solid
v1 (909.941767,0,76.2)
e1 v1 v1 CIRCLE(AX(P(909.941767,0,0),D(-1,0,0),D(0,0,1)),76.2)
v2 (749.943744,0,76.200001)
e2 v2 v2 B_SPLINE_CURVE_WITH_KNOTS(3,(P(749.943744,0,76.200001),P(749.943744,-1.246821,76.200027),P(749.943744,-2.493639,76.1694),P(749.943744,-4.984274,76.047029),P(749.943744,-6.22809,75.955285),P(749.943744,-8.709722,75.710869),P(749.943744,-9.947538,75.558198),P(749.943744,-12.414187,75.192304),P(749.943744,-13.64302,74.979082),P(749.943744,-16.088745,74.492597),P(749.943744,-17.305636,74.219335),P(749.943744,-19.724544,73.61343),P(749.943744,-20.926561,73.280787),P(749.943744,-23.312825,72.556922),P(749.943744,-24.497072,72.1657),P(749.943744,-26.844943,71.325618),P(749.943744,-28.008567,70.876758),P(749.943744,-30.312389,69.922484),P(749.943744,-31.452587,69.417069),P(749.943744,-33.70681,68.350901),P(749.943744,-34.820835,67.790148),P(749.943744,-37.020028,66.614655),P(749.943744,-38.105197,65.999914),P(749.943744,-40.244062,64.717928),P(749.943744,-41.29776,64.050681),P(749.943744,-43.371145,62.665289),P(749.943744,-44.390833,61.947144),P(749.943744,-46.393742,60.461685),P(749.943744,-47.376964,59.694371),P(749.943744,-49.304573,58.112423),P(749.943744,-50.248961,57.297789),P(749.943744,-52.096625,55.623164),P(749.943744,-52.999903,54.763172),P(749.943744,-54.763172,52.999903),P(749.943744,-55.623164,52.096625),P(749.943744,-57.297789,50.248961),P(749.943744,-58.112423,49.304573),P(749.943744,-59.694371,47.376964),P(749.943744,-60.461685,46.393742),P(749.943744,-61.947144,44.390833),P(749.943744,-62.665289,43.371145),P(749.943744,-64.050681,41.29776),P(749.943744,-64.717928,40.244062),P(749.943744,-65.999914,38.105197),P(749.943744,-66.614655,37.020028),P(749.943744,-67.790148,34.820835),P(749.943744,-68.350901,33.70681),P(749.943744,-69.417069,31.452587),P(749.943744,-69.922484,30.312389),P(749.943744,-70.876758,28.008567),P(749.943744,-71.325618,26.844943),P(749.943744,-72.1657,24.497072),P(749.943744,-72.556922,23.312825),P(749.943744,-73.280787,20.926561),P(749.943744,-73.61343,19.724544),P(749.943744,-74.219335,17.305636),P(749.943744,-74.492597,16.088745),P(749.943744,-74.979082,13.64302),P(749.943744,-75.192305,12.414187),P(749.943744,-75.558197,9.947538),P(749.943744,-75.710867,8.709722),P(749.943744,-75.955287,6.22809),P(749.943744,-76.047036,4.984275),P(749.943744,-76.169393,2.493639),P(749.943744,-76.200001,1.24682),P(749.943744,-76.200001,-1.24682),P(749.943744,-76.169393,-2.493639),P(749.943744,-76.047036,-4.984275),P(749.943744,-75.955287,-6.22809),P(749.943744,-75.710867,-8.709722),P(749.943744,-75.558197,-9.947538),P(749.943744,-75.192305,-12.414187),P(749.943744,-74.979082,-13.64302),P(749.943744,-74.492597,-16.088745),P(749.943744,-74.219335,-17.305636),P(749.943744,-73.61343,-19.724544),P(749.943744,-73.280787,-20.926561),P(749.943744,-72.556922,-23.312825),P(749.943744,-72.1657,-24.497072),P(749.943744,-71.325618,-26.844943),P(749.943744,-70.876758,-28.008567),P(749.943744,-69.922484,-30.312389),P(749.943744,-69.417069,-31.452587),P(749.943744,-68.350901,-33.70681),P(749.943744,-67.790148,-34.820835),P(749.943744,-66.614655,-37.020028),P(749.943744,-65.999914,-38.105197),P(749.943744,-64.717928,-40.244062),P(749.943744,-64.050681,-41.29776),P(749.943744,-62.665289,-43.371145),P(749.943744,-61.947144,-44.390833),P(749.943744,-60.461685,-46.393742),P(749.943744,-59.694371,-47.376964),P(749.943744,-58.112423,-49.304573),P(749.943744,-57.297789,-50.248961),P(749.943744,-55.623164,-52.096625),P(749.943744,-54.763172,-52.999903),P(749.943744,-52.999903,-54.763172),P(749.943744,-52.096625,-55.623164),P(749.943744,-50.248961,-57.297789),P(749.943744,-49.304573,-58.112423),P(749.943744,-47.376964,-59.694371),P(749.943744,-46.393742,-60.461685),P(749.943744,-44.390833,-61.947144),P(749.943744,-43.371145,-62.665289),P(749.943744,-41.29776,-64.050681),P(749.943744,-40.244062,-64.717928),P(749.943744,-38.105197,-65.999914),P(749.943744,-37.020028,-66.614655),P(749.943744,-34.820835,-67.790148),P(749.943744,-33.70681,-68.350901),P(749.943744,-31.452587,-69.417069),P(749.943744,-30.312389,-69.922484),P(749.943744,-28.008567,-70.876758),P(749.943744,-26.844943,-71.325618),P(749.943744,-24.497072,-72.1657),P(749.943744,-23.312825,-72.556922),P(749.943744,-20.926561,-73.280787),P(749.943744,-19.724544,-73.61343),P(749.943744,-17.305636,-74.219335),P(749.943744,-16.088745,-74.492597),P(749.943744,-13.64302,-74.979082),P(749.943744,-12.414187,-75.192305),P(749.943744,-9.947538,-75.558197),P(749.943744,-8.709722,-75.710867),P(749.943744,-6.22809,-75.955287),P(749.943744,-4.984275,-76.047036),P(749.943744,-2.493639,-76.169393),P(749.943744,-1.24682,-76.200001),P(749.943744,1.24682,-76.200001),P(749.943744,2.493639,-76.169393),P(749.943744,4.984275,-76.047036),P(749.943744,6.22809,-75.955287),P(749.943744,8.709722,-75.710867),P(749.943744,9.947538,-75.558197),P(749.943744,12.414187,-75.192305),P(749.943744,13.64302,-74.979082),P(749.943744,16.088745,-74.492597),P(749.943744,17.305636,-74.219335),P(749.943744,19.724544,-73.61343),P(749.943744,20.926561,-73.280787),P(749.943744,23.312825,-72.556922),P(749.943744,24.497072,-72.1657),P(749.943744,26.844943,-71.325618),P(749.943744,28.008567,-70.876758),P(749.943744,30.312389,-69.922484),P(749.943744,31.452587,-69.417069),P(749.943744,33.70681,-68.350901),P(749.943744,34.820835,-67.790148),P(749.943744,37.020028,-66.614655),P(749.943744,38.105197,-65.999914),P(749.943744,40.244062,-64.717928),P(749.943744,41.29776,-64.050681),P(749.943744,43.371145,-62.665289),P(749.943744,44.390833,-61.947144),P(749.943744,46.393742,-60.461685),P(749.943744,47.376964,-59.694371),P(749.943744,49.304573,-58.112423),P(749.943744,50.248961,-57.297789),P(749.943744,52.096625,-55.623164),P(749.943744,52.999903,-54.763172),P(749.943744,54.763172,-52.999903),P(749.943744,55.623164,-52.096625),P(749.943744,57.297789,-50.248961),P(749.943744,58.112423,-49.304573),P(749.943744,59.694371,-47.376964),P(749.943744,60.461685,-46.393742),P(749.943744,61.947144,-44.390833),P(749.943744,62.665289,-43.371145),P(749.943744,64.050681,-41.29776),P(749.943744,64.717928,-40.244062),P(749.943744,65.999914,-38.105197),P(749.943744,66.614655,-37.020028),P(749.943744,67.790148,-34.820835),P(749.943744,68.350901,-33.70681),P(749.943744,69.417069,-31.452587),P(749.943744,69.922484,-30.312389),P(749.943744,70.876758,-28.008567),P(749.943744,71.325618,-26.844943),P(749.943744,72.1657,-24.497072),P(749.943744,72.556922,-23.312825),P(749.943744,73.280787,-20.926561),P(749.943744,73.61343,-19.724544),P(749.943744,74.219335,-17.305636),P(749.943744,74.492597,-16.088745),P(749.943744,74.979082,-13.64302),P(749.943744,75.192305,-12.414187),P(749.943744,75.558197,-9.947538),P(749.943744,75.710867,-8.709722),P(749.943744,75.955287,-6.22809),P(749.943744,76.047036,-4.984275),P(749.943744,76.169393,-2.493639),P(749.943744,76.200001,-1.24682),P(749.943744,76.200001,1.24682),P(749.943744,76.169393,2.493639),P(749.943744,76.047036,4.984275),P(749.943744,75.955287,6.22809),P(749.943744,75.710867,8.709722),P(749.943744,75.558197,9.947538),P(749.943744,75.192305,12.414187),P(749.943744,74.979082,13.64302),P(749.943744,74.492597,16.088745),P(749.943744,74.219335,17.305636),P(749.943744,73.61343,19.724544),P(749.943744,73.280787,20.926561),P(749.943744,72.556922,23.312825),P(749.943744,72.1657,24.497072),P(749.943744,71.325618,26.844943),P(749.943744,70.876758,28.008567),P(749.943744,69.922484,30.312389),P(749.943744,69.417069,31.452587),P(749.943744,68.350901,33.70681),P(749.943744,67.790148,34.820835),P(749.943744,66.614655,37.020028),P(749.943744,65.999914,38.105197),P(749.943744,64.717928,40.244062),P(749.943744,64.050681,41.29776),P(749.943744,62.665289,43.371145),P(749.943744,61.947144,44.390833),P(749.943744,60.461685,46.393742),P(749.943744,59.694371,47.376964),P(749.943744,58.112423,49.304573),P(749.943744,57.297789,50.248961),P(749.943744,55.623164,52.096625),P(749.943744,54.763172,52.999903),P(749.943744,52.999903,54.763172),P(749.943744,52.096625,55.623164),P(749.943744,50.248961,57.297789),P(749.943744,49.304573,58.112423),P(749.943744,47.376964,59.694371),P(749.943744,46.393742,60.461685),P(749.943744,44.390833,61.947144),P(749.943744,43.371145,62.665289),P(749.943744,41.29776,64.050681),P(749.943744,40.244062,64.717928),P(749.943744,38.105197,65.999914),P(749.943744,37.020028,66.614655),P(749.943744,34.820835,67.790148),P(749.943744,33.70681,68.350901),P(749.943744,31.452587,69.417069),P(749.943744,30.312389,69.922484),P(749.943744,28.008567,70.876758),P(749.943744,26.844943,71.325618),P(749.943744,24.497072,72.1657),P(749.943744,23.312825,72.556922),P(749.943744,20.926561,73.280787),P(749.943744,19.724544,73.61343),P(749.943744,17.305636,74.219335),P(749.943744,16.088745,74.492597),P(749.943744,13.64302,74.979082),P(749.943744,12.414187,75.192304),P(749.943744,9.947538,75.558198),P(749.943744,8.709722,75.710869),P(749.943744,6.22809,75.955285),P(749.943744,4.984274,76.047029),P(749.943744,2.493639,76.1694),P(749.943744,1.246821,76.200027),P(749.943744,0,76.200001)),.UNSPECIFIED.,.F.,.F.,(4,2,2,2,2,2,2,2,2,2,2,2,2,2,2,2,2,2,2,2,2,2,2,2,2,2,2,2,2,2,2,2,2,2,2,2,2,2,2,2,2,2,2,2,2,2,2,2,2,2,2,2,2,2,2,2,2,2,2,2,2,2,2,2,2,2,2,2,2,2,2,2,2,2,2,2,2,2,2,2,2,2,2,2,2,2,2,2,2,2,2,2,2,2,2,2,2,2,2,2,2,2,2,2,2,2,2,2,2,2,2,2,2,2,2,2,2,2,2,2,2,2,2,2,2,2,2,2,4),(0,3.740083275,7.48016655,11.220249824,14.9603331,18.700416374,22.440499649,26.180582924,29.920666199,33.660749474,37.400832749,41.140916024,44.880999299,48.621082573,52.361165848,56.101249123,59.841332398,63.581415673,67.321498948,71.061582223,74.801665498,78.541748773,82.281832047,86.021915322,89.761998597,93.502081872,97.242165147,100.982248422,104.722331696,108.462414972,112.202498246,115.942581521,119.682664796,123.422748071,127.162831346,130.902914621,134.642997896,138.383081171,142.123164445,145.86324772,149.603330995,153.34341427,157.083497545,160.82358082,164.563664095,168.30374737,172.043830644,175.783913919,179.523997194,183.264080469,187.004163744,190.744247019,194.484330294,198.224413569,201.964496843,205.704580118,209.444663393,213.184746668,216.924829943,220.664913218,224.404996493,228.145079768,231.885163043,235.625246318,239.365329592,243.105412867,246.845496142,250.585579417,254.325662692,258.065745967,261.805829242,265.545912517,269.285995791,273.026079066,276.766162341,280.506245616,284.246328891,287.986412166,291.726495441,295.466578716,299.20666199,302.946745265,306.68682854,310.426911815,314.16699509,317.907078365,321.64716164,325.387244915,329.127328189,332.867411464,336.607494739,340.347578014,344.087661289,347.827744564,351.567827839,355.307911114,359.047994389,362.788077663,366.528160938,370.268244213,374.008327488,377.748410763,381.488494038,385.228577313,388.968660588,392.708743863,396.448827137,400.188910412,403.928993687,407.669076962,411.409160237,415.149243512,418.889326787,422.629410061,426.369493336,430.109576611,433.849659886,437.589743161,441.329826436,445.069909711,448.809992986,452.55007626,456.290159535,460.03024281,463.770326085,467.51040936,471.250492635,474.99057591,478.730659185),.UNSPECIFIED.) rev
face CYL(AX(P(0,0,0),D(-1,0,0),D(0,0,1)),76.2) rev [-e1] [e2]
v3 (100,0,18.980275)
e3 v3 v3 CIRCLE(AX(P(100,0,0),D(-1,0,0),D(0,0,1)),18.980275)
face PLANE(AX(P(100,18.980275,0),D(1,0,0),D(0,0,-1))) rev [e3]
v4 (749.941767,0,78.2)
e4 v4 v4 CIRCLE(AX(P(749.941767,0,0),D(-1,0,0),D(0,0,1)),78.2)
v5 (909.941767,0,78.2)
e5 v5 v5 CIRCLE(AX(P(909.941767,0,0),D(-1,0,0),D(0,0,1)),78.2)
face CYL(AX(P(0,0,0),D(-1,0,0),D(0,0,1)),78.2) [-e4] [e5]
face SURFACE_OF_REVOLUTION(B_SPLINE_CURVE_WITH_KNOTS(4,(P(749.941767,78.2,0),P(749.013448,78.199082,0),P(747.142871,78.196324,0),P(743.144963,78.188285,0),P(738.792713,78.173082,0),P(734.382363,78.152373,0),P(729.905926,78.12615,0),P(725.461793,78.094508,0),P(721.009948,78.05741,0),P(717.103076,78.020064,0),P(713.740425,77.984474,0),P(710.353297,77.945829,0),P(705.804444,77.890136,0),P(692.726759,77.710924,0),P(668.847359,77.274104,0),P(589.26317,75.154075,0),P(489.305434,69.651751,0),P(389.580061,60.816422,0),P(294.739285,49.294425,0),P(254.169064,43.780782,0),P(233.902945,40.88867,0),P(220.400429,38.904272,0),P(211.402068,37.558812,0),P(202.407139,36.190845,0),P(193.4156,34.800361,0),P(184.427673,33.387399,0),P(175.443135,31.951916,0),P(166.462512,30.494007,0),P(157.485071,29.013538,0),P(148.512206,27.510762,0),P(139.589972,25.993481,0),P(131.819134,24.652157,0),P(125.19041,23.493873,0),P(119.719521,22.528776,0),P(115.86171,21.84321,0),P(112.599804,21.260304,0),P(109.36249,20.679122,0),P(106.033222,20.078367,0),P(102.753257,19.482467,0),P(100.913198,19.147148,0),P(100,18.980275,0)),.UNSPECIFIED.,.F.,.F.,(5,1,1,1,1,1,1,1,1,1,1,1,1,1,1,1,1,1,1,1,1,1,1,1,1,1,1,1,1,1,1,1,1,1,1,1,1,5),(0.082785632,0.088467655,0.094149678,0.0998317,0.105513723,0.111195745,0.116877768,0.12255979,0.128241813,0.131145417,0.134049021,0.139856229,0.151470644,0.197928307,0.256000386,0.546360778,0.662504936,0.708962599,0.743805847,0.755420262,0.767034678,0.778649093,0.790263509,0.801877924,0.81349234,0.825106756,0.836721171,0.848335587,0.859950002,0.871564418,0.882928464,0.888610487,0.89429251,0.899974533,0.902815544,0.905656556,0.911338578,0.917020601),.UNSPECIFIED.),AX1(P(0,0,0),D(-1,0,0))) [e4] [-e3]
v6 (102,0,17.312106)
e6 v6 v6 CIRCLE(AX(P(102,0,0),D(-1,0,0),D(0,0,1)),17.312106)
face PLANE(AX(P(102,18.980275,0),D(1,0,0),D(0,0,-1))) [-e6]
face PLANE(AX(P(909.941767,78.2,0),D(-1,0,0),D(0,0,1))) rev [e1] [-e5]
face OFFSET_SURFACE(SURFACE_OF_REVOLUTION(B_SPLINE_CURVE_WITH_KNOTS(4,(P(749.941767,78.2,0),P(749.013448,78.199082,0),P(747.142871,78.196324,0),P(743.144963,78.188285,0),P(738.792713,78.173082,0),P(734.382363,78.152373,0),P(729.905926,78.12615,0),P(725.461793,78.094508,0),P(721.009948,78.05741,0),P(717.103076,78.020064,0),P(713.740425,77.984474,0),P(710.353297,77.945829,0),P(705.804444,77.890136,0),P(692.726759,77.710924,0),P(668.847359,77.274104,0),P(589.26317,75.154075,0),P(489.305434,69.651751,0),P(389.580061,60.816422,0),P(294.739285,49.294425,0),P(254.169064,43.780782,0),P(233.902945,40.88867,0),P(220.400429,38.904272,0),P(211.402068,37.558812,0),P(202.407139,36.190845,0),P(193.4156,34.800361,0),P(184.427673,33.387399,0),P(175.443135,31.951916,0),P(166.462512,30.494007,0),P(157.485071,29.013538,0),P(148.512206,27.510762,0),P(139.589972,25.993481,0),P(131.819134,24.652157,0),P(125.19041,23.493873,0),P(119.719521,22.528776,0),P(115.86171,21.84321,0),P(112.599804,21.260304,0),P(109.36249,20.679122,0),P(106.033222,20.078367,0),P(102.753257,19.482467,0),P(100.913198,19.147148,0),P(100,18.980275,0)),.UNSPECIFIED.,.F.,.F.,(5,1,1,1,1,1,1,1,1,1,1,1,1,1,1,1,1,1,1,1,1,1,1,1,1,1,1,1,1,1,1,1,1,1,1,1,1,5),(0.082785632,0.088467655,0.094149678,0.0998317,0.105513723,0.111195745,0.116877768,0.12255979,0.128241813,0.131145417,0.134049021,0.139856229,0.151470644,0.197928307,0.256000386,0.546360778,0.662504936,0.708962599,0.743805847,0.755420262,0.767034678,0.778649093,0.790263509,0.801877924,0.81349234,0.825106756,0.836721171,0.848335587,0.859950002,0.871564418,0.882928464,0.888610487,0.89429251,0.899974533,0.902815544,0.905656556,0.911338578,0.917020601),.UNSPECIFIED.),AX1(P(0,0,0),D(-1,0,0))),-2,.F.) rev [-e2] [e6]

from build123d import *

# Parameters (mm, degrees)
SHELL1_T = -2


with BuildPart() as part:
    # Sketch3 → Revolve2 (revolve)
    with BuildSketch(Plane.XY, mode=Mode.PRIVATE) as revolve2_sk:
        with BuildLine():
            Line((100, 18.980275038), (100, 0))
            Line((100, 0), (909.941766762, 0))
            Line((909.941766762, 0), (909.941766762, 78.2))
            Line((909.941766762, 78.2), (749.941766762, 78.2))
            add(Edge.make_bspline(
                [(100, 18.980275038), (100.913198247, 19.147147871), (102.753257437, 19.482466892), (106.033221562, 20.078367186), (109.362490043, 20.679122289), (112.5998036, 21.260304196), (115.861710291, 21.843210265), (119.719521428, 22.528776475), (125.190409799, 23.493873415), (131.819133928, 24.652156558), (139.58997243, 25.993481176), (148.512205564, 27.510762017), (157.485070562, 29.01353812), (166.46251186, 30.494007326), (175.443135342, 31.951915886), (184.427673471, 33.387398793), (193.415599849, 34.800361147), (202.407139458, 36.190845496), (211.402067613, 37.558812365), (220.400428698, 38.90427159), (233.902945198, 40.888669877), (254.169064402, 43.780781547), (294.739285062, 49.294424586), (389.580060839, 60.81642158), (489.305434179, 69.651750851), (589.263170065, 75.154074643), (668.847358903, 77.274104215), (692.726759229, 77.710924271), (705.804444355, 77.890135533), (710.353297221, 77.945829443), (713.74042465, 77.98447421), (717.103075527, 78.020064461), (721.009948115, 78.057410067), (725.461793245, 78.094508363), (729.905925646, 78.126149655), (734.382362933, 78.152373466), (738.792712606, 78.173082482), (743.144962512, 78.188284577), (747.142871411, 78.196324463), (749.013447522, 78.199082165), (749.941766762, 78.2)],
                knots=[0.082785632, 0.082785632, 0.082785632, 0.082785632, 0.082785632, 0.088467655, 0.094149678, 0.09699069, 0.099831701, 0.105513724, 0.111195747, 0.11687777, 0.128241816, 0.139856232, 0.151470647, 0.163085063, 0.174699478, 0.186313894, 0.197928309, 0.209542725, 0.22115714, 0.232771556, 0.244385972, 0.256000387, 0.290843635, 0.337301298, 0.453445456, 0.743805848, 0.801877927, 0.84833559, 0.859950005, 0.865757213, 0.868660817, 0.871564421, 0.877246444, 0.882928466, 0.888610489, 0.894292511, 0.899974534, 0.905656556, 0.911338579, 0.917020601, 0.917020601, 0.917020601, 0.917020601, 0.917020601], degree=4))
        make_face()
    revolve(revolve2_sk.sketch.rotate(Axis((0, 0, 0), (1, 0, 0)), 90), axis=Axis((0, 0, 0), (1, 0, 0)))

    # Shell1
    shell1_openings = [part.faces().sort_by_distance(p)[0] for p in [
        (909.941766762, 0, 0),
    ]]
    offset(amount=SHELL1_T, openings=shell1_openings)


solid = part.part
